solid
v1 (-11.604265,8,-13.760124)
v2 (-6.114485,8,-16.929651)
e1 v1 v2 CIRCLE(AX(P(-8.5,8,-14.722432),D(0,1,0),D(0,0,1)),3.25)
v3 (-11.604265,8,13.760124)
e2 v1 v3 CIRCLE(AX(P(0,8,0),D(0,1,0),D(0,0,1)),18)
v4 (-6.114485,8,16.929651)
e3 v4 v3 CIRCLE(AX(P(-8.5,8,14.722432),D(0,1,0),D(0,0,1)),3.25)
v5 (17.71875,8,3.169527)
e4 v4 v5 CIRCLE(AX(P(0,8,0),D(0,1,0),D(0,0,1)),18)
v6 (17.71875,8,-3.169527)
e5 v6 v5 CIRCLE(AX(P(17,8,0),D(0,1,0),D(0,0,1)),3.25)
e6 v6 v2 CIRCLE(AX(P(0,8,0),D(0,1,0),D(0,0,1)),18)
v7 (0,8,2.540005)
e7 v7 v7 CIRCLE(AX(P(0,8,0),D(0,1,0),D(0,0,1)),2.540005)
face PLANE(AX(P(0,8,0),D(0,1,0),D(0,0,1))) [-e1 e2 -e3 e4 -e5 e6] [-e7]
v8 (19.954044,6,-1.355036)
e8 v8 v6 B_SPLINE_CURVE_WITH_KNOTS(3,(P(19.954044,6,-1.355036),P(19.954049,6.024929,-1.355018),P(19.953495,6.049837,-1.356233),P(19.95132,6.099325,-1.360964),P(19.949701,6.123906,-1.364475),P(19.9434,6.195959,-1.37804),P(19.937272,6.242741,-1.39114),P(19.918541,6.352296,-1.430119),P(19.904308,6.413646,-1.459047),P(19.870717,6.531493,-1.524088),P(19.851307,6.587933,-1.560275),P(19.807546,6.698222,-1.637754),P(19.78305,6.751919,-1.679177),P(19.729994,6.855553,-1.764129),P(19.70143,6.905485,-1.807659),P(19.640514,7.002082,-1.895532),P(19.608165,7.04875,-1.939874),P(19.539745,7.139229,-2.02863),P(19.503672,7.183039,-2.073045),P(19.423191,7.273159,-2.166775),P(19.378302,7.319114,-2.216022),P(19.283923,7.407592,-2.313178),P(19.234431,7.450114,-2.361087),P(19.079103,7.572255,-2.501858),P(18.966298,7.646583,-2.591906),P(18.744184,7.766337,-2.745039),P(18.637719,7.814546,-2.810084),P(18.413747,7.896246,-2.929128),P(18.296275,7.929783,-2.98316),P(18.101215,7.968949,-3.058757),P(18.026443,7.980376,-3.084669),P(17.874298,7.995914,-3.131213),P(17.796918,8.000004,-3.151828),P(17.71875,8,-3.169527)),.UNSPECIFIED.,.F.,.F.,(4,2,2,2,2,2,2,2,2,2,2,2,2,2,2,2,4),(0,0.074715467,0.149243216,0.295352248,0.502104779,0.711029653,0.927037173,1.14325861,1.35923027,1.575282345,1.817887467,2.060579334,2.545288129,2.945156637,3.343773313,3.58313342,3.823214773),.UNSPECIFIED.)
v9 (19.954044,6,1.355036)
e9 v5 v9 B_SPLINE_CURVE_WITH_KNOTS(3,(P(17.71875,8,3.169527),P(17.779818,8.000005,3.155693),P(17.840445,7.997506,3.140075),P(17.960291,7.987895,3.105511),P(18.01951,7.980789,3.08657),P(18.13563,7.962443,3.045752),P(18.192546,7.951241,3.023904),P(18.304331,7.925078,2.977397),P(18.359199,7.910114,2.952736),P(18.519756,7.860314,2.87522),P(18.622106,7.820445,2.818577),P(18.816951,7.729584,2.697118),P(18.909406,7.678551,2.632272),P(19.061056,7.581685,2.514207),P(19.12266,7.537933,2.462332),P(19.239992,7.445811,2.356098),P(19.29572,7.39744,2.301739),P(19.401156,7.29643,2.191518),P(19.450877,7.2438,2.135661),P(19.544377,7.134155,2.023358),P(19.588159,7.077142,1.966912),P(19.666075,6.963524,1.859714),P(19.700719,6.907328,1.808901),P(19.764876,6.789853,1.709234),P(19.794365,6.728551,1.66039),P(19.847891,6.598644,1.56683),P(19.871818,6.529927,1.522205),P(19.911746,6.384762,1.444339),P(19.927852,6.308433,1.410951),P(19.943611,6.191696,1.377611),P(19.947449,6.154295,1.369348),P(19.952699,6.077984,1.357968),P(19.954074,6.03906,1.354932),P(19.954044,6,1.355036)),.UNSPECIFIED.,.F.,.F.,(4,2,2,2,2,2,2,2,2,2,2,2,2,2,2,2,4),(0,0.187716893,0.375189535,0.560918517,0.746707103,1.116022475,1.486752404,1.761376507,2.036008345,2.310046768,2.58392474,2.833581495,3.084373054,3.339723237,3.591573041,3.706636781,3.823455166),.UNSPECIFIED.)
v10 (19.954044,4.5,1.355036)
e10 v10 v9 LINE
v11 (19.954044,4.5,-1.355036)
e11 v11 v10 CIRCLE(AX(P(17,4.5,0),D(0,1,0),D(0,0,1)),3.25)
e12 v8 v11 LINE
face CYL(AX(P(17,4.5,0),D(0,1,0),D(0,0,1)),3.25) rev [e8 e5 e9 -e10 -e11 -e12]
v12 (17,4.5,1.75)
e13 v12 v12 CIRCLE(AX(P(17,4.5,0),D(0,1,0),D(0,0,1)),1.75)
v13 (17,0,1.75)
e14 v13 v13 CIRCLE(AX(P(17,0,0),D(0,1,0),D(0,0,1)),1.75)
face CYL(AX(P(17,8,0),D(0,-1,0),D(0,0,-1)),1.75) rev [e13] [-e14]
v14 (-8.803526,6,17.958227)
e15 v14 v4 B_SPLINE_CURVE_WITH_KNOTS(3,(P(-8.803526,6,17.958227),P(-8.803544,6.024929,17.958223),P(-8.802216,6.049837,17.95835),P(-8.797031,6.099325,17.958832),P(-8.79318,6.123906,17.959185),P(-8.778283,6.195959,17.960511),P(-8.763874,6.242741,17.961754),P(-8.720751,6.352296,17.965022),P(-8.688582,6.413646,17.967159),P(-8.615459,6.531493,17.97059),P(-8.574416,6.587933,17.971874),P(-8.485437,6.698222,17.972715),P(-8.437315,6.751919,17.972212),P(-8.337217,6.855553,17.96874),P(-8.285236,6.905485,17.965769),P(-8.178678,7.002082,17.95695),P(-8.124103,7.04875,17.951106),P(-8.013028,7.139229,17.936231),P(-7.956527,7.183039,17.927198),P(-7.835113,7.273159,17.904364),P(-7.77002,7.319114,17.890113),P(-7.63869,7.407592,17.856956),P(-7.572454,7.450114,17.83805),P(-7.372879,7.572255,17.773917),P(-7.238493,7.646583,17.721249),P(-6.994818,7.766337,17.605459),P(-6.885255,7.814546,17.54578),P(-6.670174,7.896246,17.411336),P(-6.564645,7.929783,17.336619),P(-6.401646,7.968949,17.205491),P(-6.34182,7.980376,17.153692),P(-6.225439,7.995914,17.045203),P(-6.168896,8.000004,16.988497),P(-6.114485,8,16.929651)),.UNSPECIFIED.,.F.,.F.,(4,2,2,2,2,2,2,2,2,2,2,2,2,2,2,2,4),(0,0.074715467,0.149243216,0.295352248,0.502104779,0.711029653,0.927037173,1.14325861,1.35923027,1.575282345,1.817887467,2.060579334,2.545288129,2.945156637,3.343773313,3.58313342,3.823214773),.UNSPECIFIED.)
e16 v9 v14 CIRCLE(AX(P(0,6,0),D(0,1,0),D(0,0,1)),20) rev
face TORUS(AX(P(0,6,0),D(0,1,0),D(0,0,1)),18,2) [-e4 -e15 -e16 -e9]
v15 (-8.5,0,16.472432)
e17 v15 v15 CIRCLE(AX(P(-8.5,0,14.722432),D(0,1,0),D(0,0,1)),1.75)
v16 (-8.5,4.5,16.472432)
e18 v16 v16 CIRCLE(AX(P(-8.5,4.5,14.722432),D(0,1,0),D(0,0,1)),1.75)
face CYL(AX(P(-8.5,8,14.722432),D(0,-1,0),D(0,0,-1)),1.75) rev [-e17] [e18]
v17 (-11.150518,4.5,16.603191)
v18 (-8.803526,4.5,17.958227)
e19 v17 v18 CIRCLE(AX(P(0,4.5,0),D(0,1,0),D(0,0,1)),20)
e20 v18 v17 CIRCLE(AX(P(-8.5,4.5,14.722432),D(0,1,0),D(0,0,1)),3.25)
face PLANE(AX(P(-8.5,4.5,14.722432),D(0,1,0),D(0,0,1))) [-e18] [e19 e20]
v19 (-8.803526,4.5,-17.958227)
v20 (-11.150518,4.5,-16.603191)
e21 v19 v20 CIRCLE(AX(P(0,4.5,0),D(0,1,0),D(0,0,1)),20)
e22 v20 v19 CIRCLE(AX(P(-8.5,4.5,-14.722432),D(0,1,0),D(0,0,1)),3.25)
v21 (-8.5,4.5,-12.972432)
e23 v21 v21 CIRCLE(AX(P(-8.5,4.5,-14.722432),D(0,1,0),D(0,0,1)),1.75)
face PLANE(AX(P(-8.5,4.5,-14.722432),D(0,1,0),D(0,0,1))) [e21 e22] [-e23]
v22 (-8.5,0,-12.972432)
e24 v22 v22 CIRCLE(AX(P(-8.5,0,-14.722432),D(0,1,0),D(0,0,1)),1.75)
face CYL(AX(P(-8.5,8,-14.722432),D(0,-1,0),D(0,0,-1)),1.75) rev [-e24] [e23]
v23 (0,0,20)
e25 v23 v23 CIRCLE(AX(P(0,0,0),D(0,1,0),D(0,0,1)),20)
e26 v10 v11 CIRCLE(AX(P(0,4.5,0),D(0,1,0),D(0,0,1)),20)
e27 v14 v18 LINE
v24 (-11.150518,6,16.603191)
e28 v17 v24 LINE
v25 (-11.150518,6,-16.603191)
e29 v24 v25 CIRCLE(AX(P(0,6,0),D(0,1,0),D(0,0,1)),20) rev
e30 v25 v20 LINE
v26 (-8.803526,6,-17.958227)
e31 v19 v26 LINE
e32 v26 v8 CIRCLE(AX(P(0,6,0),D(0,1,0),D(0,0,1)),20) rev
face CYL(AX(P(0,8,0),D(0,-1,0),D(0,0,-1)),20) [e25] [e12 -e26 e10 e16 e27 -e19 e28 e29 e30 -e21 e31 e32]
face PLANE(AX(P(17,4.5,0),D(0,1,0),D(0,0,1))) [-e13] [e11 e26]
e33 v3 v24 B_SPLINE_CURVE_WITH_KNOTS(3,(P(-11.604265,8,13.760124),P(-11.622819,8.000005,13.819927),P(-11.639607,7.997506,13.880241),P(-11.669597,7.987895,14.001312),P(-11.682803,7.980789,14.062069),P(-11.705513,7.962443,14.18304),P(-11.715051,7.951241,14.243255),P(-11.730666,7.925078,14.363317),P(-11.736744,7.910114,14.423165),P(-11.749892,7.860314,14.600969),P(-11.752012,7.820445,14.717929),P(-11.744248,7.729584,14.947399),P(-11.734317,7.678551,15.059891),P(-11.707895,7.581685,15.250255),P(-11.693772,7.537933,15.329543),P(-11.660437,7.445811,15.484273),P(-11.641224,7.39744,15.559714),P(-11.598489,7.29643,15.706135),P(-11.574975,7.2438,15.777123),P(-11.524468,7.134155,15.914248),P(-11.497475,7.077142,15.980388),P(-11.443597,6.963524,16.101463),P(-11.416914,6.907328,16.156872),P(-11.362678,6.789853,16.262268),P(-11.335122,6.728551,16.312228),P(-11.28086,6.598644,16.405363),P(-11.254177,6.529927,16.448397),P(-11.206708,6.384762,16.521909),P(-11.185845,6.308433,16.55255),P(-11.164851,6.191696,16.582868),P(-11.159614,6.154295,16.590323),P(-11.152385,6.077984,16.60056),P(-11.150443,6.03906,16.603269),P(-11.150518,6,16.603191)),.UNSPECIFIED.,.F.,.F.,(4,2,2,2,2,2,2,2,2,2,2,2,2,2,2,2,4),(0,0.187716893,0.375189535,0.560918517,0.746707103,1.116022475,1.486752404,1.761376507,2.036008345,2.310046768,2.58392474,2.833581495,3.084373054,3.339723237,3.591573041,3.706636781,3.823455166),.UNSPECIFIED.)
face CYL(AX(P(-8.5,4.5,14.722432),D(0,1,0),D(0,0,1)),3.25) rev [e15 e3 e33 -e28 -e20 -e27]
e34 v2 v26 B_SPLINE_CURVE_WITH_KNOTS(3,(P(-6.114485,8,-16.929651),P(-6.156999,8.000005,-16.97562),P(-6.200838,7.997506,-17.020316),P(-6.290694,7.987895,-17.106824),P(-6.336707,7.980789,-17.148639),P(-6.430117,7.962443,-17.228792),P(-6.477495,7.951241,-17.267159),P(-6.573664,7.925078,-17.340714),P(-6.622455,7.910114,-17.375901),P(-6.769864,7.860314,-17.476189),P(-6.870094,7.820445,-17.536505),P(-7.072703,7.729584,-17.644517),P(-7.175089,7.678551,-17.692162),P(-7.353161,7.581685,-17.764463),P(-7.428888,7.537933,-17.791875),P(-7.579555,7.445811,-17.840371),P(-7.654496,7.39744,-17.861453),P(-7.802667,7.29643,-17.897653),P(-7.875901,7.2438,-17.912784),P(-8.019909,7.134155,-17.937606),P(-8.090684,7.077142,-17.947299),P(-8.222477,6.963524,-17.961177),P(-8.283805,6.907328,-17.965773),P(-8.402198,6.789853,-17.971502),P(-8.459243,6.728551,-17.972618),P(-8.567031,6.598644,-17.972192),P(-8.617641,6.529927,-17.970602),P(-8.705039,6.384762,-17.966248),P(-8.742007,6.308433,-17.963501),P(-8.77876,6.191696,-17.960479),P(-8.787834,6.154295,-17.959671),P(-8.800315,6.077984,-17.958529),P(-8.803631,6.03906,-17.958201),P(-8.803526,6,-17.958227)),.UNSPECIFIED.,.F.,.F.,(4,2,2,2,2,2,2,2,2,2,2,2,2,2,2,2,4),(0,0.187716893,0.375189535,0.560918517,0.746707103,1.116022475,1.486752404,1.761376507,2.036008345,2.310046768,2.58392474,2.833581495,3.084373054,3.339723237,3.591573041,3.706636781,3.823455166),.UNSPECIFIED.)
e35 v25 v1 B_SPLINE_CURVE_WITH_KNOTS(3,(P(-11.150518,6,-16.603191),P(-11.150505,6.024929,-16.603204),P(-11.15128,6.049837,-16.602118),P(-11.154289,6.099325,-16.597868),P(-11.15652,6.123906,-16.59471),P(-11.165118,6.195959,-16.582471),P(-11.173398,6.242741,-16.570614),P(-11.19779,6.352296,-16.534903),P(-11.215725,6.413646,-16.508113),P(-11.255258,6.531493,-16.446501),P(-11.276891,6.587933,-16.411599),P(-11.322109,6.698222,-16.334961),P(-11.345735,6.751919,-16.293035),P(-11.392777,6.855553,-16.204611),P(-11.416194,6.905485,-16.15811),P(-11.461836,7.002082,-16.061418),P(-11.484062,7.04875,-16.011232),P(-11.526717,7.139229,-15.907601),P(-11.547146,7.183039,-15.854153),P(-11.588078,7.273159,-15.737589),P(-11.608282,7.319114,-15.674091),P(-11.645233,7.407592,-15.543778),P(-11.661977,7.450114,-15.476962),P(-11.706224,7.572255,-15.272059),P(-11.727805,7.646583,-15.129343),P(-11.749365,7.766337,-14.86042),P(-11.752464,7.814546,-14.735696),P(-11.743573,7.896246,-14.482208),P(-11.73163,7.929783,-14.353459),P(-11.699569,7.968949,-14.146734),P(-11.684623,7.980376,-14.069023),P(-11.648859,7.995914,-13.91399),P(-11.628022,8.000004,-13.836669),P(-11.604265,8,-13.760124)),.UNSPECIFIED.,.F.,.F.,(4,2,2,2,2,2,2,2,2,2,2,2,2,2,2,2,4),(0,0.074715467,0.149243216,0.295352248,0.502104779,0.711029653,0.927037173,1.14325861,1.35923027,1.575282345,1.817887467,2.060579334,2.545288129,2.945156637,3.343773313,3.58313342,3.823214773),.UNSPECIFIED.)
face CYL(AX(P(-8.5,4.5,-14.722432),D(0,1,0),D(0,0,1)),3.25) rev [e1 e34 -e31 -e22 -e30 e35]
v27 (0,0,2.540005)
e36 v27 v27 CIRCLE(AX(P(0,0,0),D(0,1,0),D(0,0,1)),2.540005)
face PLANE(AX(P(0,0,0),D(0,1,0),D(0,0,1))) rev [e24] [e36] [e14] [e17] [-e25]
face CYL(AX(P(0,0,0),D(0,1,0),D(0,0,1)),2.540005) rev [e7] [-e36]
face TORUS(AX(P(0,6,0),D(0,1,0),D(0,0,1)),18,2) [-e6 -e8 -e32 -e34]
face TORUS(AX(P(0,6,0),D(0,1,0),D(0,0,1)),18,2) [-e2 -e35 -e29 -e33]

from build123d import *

# Parameters (mm, degrees)
SKETCH1_R           = 20
SKETCH1_R_2         = 1.75
BOSS_EXTRUDE1_DEPTH = 8
SKETCH2_R           = 3.25
CUT_EXTRUDE1_DEPTH  = 3.5
SKETCH3_R           = 2.54000508
CUT_EXTRUDE2_DEPTH  = 30.393876913
FILLET1_R           = 2


with BuildPart() as part:
    # Sketch1 → Boss-Extrude1 (new body)
    with BuildSketch(Plane(origin=(0, 0, 0), x_dir=(1, 0, 0), z_dir=(0, 1, 0))):
        with Locations(Location((0, 0, 0), (0, 0, 270))):
            Circle(SKETCH1_R)
        with Locations(Location((17, 0, 0), (0, 0, 270))):
            Circle(SKETCH1_R_2, mode=Mode.SUBTRACT)
        with Locations(Location((-8.5, -14.722431864, 0), (0, 0, 270))):
            Circle(SKETCH1_R_2, mode=Mode.SUBTRACT)
        with Locations(Location((-8.5, 14.722431864, 0), (0, 0, 270))):
            Circle(SKETCH1_R_2, mode=Mode.SUBTRACT)
    extrude(amount=BOSS_EXTRUDE1_DEPTH)

    # Sketch2 → Cut-Extrude1 (cut)
    with BuildSketch(Plane(origin=(0, 8, 0), x_dir=(1, 0, 0), z_dir=(0, 1, 0))):
        with Locations((17, 0)):
            Circle(SKETCH2_R)
        with Locations((-8.5, -14.722431864)):
            Circle(SKETCH2_R)
        with Locations((-8.5, 14.722431864)):
            Circle(SKETCH2_R)
    extrude(amount=-CUT_EXTRUDE1_DEPTH, mode=Mode.SUBTRACT)

    # Sketch3 → Cut-Extrude2 (cut, through all)
    with BuildSketch(Plane(origin=(0, 8, 0), x_dir=(1, 0, 0), z_dir=(0, 1, 0))):
        with Locations(Location((0, 0, 0), (0, 0, 270))):
            Circle(SKETCH3_R)
    extrude(amount=-CUT_EXTRUDE2_DEPTH, mode=Mode.SUBTRACT)

    # Fillet1
    fillet1_edges = [part.edges().sort_by_distance(p)[0] for p in [
        (10, 8, -17.320508076),
        (-20, 8, 0),
        (13.654656242, 8, 14.613362478),
    ]]
    fillet(fillet1_edges, radius=FILLET1_R)


solid = part.part
